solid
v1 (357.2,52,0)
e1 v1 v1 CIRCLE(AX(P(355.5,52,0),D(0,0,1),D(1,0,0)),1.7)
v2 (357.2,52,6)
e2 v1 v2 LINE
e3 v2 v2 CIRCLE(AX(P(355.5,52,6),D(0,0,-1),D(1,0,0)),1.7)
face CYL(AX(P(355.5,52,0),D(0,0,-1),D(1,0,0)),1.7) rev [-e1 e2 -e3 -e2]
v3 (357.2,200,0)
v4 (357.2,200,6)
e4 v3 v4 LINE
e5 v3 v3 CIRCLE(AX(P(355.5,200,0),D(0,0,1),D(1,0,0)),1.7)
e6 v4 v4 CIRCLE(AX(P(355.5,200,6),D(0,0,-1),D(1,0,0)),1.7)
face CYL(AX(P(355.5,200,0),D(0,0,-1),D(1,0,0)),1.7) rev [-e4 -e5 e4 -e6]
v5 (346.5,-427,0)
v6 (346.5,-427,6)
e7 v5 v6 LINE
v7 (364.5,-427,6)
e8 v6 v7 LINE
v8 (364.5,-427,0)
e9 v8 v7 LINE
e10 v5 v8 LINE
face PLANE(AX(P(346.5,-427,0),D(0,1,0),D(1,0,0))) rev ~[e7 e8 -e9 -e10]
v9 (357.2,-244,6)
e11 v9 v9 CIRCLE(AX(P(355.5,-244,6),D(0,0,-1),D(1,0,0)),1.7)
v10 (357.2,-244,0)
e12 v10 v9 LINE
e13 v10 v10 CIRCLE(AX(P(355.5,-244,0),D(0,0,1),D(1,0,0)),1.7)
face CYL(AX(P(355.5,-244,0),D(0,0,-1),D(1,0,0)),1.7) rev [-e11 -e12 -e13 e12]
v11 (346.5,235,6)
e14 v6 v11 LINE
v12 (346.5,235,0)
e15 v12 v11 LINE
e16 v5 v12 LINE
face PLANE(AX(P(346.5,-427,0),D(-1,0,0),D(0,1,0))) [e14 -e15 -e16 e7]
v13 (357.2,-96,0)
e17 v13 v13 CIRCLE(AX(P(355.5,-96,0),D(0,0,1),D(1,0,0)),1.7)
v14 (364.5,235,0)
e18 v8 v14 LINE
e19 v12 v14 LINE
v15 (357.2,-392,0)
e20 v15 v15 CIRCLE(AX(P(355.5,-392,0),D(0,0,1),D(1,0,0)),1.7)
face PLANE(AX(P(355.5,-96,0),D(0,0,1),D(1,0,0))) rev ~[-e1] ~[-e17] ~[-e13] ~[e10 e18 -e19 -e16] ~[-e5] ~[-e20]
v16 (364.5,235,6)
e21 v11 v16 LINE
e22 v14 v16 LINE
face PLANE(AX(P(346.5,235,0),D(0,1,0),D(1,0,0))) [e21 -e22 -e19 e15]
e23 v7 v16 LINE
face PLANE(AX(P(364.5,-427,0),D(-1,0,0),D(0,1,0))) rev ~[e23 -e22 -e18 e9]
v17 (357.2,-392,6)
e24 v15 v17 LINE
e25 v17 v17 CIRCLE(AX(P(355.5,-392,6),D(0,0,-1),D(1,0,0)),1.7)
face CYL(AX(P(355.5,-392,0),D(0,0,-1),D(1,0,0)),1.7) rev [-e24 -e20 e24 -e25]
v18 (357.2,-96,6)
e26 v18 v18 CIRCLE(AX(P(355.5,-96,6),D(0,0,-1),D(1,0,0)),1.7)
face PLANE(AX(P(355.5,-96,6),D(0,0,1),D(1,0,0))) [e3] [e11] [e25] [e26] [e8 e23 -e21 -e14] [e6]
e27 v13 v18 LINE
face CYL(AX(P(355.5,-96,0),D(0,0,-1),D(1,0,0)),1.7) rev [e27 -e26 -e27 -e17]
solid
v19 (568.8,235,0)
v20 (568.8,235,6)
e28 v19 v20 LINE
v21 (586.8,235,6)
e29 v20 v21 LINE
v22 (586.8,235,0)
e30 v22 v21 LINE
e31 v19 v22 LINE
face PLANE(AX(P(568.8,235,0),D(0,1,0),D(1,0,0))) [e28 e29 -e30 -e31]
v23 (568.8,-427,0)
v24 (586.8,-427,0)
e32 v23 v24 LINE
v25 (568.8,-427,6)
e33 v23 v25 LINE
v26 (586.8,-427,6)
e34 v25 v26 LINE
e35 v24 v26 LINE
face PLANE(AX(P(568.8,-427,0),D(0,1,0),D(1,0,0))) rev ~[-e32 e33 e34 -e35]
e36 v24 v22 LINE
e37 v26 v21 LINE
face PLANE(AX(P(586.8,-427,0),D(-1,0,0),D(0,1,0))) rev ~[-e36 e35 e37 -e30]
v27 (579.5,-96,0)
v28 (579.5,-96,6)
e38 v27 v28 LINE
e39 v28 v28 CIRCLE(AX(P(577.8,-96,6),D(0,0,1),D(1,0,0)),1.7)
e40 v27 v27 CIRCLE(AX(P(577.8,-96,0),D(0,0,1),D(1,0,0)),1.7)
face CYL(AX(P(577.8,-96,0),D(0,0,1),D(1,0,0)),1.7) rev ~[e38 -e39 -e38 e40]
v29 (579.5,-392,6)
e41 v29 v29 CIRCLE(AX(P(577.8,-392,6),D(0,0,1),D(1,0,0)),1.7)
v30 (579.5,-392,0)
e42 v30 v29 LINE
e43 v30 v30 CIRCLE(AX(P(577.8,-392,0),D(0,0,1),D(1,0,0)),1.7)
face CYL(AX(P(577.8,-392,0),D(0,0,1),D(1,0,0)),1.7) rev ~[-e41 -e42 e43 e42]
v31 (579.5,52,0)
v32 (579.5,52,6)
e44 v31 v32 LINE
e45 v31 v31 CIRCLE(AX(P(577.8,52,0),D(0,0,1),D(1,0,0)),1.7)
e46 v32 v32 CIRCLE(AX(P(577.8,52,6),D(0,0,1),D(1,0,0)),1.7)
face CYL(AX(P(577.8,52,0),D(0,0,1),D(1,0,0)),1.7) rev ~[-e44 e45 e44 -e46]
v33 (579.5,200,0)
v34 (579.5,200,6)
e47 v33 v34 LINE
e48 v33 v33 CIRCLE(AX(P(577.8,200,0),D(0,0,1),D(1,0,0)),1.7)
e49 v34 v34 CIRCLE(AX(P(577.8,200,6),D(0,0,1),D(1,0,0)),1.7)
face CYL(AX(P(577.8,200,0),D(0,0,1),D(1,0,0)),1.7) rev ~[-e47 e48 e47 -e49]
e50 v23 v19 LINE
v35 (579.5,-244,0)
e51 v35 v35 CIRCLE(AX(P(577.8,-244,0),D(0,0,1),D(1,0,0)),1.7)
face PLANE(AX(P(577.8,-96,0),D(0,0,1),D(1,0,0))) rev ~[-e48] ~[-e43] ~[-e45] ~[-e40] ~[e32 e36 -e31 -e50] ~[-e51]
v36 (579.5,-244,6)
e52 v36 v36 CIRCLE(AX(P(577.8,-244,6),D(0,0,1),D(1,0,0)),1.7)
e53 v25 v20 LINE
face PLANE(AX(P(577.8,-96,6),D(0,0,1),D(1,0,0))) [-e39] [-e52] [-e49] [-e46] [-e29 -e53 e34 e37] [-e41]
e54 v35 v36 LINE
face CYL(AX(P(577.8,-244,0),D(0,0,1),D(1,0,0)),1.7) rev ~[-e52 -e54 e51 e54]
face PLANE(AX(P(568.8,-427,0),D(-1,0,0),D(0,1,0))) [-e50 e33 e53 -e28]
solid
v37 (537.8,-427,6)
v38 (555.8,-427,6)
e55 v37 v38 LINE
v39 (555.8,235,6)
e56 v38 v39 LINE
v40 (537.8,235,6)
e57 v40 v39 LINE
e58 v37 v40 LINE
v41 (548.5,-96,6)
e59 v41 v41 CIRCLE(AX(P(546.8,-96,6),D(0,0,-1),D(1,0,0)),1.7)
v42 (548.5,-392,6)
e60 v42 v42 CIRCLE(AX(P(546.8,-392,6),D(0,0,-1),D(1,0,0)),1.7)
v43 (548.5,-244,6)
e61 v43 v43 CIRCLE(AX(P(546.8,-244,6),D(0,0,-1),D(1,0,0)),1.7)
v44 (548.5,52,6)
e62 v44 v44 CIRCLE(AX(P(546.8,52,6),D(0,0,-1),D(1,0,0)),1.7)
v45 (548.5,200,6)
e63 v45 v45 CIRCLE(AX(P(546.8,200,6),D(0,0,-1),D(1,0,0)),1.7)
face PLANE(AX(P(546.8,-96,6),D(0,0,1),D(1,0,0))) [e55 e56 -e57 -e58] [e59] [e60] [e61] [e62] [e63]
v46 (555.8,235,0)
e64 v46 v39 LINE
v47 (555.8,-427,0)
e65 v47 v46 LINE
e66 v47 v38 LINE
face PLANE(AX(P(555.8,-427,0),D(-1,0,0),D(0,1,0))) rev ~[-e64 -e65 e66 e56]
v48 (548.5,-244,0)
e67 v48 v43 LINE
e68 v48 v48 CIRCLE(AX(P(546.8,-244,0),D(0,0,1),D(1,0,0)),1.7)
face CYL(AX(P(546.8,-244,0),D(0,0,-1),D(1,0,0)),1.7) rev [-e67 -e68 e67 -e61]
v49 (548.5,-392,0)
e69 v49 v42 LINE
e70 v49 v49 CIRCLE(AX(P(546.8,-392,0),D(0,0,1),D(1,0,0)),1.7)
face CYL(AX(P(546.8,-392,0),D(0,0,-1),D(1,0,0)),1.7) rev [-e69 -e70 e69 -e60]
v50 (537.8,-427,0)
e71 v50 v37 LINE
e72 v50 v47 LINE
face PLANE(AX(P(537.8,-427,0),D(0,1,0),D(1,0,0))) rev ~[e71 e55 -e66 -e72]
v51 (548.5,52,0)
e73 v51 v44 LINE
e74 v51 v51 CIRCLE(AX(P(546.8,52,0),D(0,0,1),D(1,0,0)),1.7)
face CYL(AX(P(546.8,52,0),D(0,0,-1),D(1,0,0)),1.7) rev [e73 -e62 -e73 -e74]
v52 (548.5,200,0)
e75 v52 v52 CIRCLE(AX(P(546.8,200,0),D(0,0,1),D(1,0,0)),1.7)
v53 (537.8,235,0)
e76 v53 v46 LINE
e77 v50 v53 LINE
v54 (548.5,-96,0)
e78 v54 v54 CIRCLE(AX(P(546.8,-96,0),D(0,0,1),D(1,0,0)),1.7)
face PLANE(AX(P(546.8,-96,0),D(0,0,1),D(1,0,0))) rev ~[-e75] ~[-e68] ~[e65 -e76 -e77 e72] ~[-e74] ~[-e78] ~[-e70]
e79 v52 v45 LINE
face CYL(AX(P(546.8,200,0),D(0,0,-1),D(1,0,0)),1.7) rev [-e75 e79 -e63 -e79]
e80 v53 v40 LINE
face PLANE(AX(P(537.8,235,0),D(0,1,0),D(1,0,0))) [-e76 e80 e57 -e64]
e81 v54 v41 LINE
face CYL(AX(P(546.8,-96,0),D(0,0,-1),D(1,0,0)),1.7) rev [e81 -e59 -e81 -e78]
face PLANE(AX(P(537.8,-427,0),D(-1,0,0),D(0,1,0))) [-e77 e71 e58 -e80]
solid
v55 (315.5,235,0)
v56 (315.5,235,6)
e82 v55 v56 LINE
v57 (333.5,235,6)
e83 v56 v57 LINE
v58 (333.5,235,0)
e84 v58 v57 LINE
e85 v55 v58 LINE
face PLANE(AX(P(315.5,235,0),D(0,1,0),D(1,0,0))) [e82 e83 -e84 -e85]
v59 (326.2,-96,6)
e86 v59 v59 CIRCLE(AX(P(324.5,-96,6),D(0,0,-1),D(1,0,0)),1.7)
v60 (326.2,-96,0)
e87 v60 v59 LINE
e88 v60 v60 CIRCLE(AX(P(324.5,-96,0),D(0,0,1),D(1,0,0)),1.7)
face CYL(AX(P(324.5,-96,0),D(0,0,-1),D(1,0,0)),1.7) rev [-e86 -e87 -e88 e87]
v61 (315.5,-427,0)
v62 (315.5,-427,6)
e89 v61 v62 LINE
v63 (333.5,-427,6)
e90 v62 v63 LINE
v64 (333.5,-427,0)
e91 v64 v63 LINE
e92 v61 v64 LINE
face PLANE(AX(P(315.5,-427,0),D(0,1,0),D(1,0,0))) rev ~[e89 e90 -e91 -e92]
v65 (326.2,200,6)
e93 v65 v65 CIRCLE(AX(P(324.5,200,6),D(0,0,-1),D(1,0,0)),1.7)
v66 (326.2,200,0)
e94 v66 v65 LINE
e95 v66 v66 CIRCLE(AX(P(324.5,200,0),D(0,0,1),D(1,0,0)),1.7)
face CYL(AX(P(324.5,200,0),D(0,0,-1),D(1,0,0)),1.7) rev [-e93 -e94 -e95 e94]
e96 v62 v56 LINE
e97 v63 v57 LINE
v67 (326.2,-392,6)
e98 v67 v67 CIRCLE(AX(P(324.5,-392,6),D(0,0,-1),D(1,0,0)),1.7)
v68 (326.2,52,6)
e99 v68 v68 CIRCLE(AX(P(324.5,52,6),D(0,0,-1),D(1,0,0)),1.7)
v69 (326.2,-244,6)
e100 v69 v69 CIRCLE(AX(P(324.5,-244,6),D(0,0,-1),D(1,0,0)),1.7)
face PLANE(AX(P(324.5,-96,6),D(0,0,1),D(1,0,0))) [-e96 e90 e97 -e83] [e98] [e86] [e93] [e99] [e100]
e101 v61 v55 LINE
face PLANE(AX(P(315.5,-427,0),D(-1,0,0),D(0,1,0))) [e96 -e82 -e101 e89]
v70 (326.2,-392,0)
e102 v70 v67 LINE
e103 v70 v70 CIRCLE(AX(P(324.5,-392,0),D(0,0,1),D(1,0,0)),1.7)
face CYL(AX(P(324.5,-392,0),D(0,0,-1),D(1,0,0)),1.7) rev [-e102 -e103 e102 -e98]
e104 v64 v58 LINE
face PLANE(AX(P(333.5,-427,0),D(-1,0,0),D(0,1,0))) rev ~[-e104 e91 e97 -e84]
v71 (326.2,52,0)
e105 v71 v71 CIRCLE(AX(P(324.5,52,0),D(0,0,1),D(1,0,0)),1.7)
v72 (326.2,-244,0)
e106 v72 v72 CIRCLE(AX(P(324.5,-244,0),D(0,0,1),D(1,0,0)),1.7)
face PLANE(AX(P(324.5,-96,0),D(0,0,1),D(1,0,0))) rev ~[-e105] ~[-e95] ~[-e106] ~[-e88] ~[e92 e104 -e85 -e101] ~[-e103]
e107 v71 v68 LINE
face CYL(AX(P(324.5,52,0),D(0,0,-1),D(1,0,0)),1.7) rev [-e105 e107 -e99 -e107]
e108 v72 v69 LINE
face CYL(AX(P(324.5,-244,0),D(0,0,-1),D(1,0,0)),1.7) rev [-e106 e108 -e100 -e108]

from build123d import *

# Parameters (mm, degrees)
SKETCH_1760_W          = 18
SKETCH_1760_H          = 662
EXTRUDE_6_DEPTH        = 6
EXTRUDE_6_2_DEPTH      = 6
EXTRUDE_6_3_DEPTH      = 6
EXTRUDE_6_4_DEPTH      = 6
SKETCH_3_R             = 1.7
CUT_EXTRUDE_3_DEPTH    = 726.74047703
PATTERN_LINEAR_5_COUNT = 5
PATTERN_LINEAR_5_PITCH = 148


with BuildPart() as part:
    # Sketch 1760 → Четыре_направляющие_6мм (new body)
    with BuildSketch(Plane.XY):
        with Locations((324.5, -96)):
            Rectangle(SKETCH_1760_W, SKETCH_1760_H)
    extrude(amount=EXTRUDE_6_DEPTH)


with BuildPart() as body_2:
    # Sketch 1760 → Extrude 6 2 (new body)
    with BuildSketch(Plane.XY):
        with Locations((355.5, -96)):
            Rectangle(SKETCH_1760_W, SKETCH_1760_H)
    extrude(amount=EXTRUDE_6_2_DEPTH)


with BuildPart() as body_3:
    # Sketch 1760 → Extrude 6 3 (new body)
    with BuildSketch(Plane.XY):
        with Locations((546.8, -96)):
            Rectangle(SKETCH_1760_W, SKETCH_1760_H)
    extrude(amount=EXTRUDE_6_3_DEPTH)


with BuildPart() as body_4:
    # Sketch 1760 → Extrude 6 4 (new body)
    with BuildSketch(Plane.XY):
        with Locations((577.8, -96)):
            Rectangle(SKETCH_1760_W, SKETCH_1760_H)
    extrude(amount=EXTRUDE_6_4_DEPTH)


with BuildPart() as cut_extrude_3_tool:
    # Крепление_направляющих_М3_эскиз → Проходы_направляющих_М3 (new, symmetric)
    with BuildSketch(Plane.XY):
        with Locations((324.5, -392)):
            Circle(SKETCH_3_R)
        with Locations((355.5, -392)):
            Circle(SKETCH_3_R)
        with Locations((546.8, -392)):
            Circle(SKETCH_3_R)
        with Locations((577.8, -392)):
            Circle(SKETCH_3_R)
    cut_extrude_3 = extrude(amount=CUT_EXTRUDE_3_DEPTH, both=True)


with BuildPart() as part_1:
    add(part.part)

    # Проходы_направляющих_М3: cut by cut_extrude_3_tool
    add(cut_extrude_3_tool.part, mode=Mode.SUBTRACT)


with BuildPart() as body_2_1:
    add(body_2.part)

    # Проходы_направляющих_М3: cut by cut_extrude_3_tool
    add(cut_extrude_3_tool.part, mode=Mode.SUBTRACT)


with BuildPart() as body_3_1:
    add(body_3.part)

    # Проходы_направляющих_М3: cut by cut_extrude_3_tool
    add(cut_extrude_3_tool.part, mode=Mode.SUBTRACT)


with BuildPart() as body_4_1:
    add(body_4.part)

    # Проходы_направляющих_М3: cut by cut_extrude_3_tool
    add(cut_extrude_3_tool.part, mode=Mode.SUBTRACT)


with BuildPart() as pattern_linear_5_tool:
    # Массив_крепления_направляющих_5рядов: Проходы_направляющих_М3 ×5
    with Locations(*[(0, i * PATTERN_LINEAR_5_PITCH, 0) for i in range(1, PATTERN_LINEAR_5_COUNT)]):
        add(cut_extrude_3)


with BuildPart() as part_2:
    add(part_1.part)

    # Массив_крепления_направляющих_5рядов: cut by pattern_linear_5_tool
    add(pattern_linear_5_tool.part, mode=Mode.SUBTRACT)


with BuildPart() as body_2_2:
    add(body_2_1.part)

    # Массив_крепления_направляющих_5рядов: cut by pattern_linear_5_tool
    add(pattern_linear_5_tool.part, mode=Mode.SUBTRACT)


with BuildPart() as body_3_2:
    add(body_3_1.part)

    # Массив_крепления_направляющих_5рядов: cut by pattern_linear_5_tool
    add(pattern_linear_5_tool.part, mode=Mode.SUBTRACT)


with BuildPart() as body_4_2:
    add(body_4_1.part)

    # Массив_крепления_направляющих_5рядов: cut by pattern_linear_5_tool
    add(pattern_linear_5_tool.part, mode=Mode.SUBTRACT)


solid = Compound([part_2.part, body_2_2.part, body_3_2.part, body_4_2.part])
